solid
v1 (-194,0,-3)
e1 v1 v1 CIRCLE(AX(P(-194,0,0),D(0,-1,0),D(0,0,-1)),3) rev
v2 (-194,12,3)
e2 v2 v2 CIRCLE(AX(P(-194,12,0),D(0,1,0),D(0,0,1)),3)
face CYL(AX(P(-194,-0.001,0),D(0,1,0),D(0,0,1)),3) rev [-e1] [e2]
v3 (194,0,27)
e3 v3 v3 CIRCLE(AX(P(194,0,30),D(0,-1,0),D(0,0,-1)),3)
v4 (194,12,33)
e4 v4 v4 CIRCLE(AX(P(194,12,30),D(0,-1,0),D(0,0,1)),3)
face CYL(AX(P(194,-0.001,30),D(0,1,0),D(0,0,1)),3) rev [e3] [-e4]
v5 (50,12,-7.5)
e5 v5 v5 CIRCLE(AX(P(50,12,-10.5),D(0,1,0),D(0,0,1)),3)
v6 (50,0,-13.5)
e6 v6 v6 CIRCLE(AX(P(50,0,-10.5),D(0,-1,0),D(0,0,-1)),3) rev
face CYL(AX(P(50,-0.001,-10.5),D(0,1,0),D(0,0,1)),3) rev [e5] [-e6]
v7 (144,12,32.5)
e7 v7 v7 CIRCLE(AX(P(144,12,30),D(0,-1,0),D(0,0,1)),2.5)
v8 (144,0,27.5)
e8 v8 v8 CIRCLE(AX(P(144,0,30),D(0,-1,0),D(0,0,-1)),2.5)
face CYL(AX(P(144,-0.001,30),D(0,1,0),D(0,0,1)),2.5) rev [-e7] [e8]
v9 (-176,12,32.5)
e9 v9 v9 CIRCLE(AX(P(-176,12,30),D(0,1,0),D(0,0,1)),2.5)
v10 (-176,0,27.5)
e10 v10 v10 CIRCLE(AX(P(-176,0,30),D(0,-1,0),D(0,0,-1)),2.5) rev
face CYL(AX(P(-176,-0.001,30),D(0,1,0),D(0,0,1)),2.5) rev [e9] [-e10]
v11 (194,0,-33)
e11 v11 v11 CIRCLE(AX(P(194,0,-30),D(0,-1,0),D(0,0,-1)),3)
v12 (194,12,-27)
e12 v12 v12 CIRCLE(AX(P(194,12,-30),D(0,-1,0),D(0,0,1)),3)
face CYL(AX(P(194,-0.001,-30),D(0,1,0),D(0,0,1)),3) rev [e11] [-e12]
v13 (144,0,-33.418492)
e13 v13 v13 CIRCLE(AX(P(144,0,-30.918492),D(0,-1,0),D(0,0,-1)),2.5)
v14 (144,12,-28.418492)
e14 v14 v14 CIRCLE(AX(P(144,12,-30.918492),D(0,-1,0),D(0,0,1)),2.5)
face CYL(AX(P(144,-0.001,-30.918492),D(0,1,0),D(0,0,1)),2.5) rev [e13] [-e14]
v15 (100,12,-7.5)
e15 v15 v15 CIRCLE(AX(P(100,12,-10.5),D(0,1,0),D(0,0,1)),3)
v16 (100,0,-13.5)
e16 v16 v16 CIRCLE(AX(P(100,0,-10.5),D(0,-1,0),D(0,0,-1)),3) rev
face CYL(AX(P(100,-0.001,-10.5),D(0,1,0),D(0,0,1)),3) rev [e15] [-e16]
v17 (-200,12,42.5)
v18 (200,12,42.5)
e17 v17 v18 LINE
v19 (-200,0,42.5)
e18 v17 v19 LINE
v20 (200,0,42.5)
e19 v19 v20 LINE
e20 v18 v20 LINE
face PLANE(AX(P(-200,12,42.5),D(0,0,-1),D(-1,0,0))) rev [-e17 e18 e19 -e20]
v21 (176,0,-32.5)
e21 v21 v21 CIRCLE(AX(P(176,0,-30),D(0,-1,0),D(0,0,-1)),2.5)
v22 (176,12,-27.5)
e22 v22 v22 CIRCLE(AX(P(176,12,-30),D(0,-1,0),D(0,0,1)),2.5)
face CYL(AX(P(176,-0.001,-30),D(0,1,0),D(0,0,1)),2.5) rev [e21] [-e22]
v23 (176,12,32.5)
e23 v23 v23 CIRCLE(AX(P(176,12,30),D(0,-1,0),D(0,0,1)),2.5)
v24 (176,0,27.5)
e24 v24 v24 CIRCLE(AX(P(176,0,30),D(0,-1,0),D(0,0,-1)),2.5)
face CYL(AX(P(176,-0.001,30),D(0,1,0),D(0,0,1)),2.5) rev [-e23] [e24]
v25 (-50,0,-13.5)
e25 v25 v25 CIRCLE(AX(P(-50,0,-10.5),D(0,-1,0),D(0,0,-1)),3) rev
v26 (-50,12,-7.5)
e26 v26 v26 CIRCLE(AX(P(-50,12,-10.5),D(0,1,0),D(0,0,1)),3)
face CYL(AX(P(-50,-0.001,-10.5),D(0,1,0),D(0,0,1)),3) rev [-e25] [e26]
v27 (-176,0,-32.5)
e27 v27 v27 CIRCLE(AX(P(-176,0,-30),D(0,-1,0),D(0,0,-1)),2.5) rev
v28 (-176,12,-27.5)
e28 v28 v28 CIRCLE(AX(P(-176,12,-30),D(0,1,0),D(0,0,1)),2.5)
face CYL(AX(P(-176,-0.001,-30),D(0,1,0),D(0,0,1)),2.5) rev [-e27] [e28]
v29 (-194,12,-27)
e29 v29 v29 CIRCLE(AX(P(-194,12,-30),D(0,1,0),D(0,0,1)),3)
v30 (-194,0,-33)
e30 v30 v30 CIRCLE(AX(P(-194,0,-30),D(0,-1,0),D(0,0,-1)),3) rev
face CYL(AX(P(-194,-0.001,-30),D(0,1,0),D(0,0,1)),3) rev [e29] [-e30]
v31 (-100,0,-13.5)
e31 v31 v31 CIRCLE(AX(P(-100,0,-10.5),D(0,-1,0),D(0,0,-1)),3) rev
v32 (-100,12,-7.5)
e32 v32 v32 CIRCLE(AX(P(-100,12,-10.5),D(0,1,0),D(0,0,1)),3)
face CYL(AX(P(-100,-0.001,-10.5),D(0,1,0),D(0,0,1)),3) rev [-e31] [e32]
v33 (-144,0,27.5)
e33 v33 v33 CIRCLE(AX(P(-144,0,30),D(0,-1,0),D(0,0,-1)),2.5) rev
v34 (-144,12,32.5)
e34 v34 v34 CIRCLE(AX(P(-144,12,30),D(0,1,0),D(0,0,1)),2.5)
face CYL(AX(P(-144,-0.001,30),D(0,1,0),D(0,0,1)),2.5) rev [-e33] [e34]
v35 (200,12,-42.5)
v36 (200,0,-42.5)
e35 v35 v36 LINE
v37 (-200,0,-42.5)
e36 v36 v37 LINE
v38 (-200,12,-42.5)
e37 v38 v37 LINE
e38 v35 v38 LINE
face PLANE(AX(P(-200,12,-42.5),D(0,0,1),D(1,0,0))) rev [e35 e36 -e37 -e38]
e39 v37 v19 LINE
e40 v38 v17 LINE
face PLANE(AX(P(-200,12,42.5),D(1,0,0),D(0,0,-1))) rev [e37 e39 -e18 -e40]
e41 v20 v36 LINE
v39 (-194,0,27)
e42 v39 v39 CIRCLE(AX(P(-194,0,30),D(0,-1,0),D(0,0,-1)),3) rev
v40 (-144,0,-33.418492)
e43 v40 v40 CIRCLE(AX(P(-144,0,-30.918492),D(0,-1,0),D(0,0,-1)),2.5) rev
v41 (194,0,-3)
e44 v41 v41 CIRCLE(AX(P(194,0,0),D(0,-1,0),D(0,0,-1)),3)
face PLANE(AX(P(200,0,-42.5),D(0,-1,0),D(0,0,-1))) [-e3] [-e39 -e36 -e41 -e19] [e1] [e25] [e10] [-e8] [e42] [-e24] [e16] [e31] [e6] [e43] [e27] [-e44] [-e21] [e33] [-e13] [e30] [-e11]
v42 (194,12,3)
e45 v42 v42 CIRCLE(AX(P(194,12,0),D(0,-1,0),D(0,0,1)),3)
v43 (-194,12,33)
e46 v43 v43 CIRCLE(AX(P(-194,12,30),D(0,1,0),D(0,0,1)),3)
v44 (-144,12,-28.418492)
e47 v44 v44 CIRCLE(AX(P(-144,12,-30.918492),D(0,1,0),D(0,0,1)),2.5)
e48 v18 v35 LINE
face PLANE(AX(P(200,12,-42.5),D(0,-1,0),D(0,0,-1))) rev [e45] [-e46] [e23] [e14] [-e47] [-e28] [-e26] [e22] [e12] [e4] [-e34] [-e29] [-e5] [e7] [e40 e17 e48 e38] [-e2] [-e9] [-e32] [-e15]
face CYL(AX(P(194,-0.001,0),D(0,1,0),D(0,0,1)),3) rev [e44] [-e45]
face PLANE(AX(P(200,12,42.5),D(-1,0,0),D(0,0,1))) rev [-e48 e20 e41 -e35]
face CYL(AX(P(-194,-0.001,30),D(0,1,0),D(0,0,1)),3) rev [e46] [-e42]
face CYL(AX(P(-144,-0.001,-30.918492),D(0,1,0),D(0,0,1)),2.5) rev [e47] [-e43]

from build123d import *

# Parameters (mm, degrees)
SKETCH1_W           = 400
SKETCH1_H           = 85
BOSS_EXTRUDE1_DEPTH = 12
CUT_EXTRUDE1_REACH  = 206.818
SKETCH2_R           = 2.5
CUT_EXTRUDE2_REACH  = 206.818
SKETCH3_R           = 3
CUT_EXTRUDE3_REACH  = 206.818
SKETCH4_R           = 3


with BuildPart() as part:
    # Sketch1 → Boss-Extrude1 (new body)
    with BuildSketch(Plane(origin=(0, 0, 0), x_dir=(1, 0, 0), z_dir=(0, 1, 0))):
        Rectangle(SKETCH1_W, SKETCH1_H)
    extrude(amount=BOSS_EXTRUDE1_DEPTH)

    # Sketch2 → Cut-Extrude1 (cut, up to next)
    with BuildSketch(Plane(origin=(0, 12, 0), x_dir=(1, 0, 0), z_dir=(0, 1, 0)), mode=Mode.PRIVATE) as cut_extrude1_sk1:
        with Locations(Location((-176, -30, 0), (0, 0, 270))):
            Circle(SKETCH2_R)
    cut_extrude1_tool1 = extrude(cut_extrude1_sk1.sketch, amount=-CUT_EXTRUDE1_REACH, mode=Mode.PRIVATE) & part.part
    # Sketch2 → Cut-Extrude1 (cut, up to next)
    with BuildSketch(Plane(origin=(0, 12, 0), x_dir=(1, 0, 0), z_dir=(0, 1, 0)), mode=Mode.PRIVATE) as cut_extrude1_sk2:
        with Locations(Location((-144, -30, 0), (0, 0, 270))):
            Circle(SKETCH2_R)
    cut_extrude1_tool2 = extrude(cut_extrude1_sk2.sketch, amount=-CUT_EXTRUDE1_REACH, mode=Mode.PRIVATE) & part.part
    # Sketch2 → Cut-Extrude1 (cut, up to next)
    with BuildSketch(Plane(origin=(0, 12, 0), x_dir=(1, 0, 0), z_dir=(0, 1, 0)), mode=Mode.PRIVATE) as cut_extrude1_sk3:
        with Locations(Location((-144, 30.918491962, 0), (0, 0, 270))):
            Circle(SKETCH2_R)
    cut_extrude1_tool3 = extrude(cut_extrude1_sk3.sketch, amount=-CUT_EXTRUDE1_REACH, mode=Mode.PRIVATE) & part.part
    # Sketch2 → Cut-Extrude1 (cut, up to next)
    with BuildSketch(Plane(origin=(0, 12, 0), x_dir=(1, 0, 0), z_dir=(0, 1, 0)), mode=Mode.PRIVATE) as cut_extrude1_sk4:
        with Locations(Location((-176, 30, 0), (0, 0, 270))):
            Circle(SKETCH2_R)
    cut_extrude1_tool4 = extrude(cut_extrude1_sk4.sketch, amount=-CUT_EXTRUDE1_REACH, mode=Mode.PRIVATE) & part.part
    cut_extrude1_1 = cut_extrude1_tool1.solids().sort_by_distance((-176, 12, 30))[0]
    add(cut_extrude1_1, mode=Mode.SUBTRACT)
    cut_extrude1_2 = cut_extrude1_tool2.solids().sort_by_distance((-144, 12, 30))[0]
    add(cut_extrude1_2, mode=Mode.SUBTRACT)
    cut_extrude1_3 = cut_extrude1_tool3.solids().sort_by_distance((-144, 12, -30.918492))[0]
    add(cut_extrude1_3, mode=Mode.SUBTRACT)
    cut_extrude1_4 = cut_extrude1_tool4.solids().sort_by_distance((-176, 12, -30))[0]
    add(cut_extrude1_4, mode=Mode.SUBTRACT)
    cut_extrude1 = cut_extrude1_1 + cut_extrude1_2 + cut_extrude1_3 + cut_extrude1_4  # Cut-Extrude1 as one shape, for the pattern or mirror that repeats it

    # Mirror1: Cut-Extrude1 across plane
    add(cut_extrude1.mirror(Plane(origin=(0, 0, 0), x_dir=(0, 0, 1), z_dir=(1, 0, 0))), mode=Mode.SUBTRACT)

    # Sketch3 → Cut-Extrude2 (cut, up to next)
    with BuildSketch(Plane(origin=(0, 12, 0), x_dir=(1, 0, 0), z_dir=(0, 1, 0)), mode=Mode.PRIVATE) as cut_extrude2_sk1:
        with Locations(Location((50, 10.5, 0), (0, 0, 270))):
            Circle(SKETCH3_R)
    cut_extrude2_tool1 = extrude(cut_extrude2_sk1.sketch, amount=-CUT_EXTRUDE2_REACH, mode=Mode.PRIVATE) & part.part
    # Sketch3 → Cut-Extrude2 (cut, up to next)
    with BuildSketch(Plane(origin=(0, 12, 0), x_dir=(1, 0, 0), z_dir=(0, 1, 0)), mode=Mode.PRIVATE) as cut_extrude2_sk2:
        with Locations(Location((100, 10.5, 0), (0, 0, 270))):
            Circle(SKETCH3_R)
    cut_extrude2_tool2 = extrude(cut_extrude2_sk2.sketch, amount=-CUT_EXTRUDE2_REACH, mode=Mode.PRIVATE) & part.part
    # Sketch3 → Cut-Extrude2 (cut, up to next)
    with BuildSketch(Plane(origin=(0, 12, 0), x_dir=(1, 0, 0), z_dir=(0, 1, 0)), mode=Mode.PRIVATE) as cut_extrude2_sk3:
        with Locations(Location((-100, 10.5, 0), (0, 0, 270))):
            Circle(SKETCH3_R)
    cut_extrude2_tool3 = extrude(cut_extrude2_sk3.sketch, amount=-CUT_EXTRUDE2_REACH, mode=Mode.PRIVATE) & part.part
    # Sketch3 → Cut-Extrude2 (cut, up to next)
    with BuildSketch(Plane(origin=(0, 12, 0), x_dir=(1, 0, 0), z_dir=(0, 1, 0)), mode=Mode.PRIVATE) as cut_extrude2_sk4:
        with Locations(Location((-50, 10.5, 0), (0, 0, 270))):
            Circle(SKETCH3_R)
    cut_extrude2_tool4 = extrude(cut_extrude2_sk4.sketch, amount=-CUT_EXTRUDE2_REACH, mode=Mode.PRIVATE) & part.part
    add(cut_extrude2_tool1.solids().sort_by_distance((50, 12, -10.5))[0], mode=Mode.SUBTRACT)
    add(cut_extrude2_tool2.solids().sort_by_distance((100, 12, -10.5))[0], mode=Mode.SUBTRACT)
    add(cut_extrude2_tool3.solids().sort_by_distance((-100, 12, -10.5))[0], mode=Mode.SUBTRACT)
    add(cut_extrude2_tool4.solids().sort_by_distance((-50, 12, -10.5))[0], mode=Mode.SUBTRACT)

    # Sketch4 → Cut-Extrude3 (cut, up to next)
    with BuildSketch(Plane(origin=(0, 12, 0), x_dir=(1, 0, 0), z_dir=(0, 1, 0)), mode=Mode.PRIVATE) as cut_extrude3_sk1:
        with Locations(Location((-194, 0, 0), (0, 0, 270))):
            Circle(SKETCH4_R)
    cut_extrude3_tool1 = extrude(cut_extrude3_sk1.sketch, amount=-CUT_EXTRUDE3_REACH, mode=Mode.PRIVATE) & part.part
    # Sketch4 → Cut-Extrude3 (cut, up to next)
    with BuildSketch(Plane(origin=(0, 12, 0), x_dir=(1, 0, 0), z_dir=(0, 1, 0)), mode=Mode.PRIVATE) as cut_extrude3_sk2:
        with Locations(Location((-194, 30, 0), (0, 0, 270))):
            Circle(SKETCH4_R)
    cut_extrude3_tool2 = extrude(cut_extrude3_sk2.sketch, amount=-CUT_EXTRUDE3_REACH, mode=Mode.PRIVATE) & part.part
    # Sketch4 → Cut-Extrude3 (cut, up to next)
    with BuildSketch(Plane(origin=(0, 12, 0), x_dir=(1, 0, 0), z_dir=(0, 1, 0)), mode=Mode.PRIVATE) as cut_extrude3_sk3:
        with Locations(Location((-194, -30, 0), (0, 0, 270))):
            Circle(SKETCH4_R)
    cut_extrude3_tool3 = extrude(cut_extrude3_sk3.sketch, amount=-CUT_EXTRUDE3_REACH, mode=Mode.PRIVATE) & part.part
    cut_extrude3_1 = cut_extrude3_tool1.solids().sort_by_distance((-194, 12, 0))[0]
    add(cut_extrude3_1, mode=Mode.SUBTRACT)
    cut_extrude3_2 = cut_extrude3_tool2.solids().sort_by_distance((-194, 12, -30))[0]
    add(cut_extrude3_2, mode=Mode.SUBTRACT)
    cut_extrude3_3 = cut_extrude3_tool3.solids().sort_by_distance((-194, 12, 30))[0]
    add(cut_extrude3_3, mode=Mode.SUBTRACT)
    cut_extrude3 = cut_extrude3_1 + cut_extrude3_2 + cut_extrude3_3  # Cut-Extrude3 as one shape, for the pattern or mirror that repeats it

    # Mirror2: Cut-Extrude3 across plane
    add(cut_extrude3.mirror(Plane(origin=(0, 0, 0), x_dir=(0, 0, 1), z_dir=(1, 0, 0))), mode=Mode.SUBTRACT)


solid = part.part
